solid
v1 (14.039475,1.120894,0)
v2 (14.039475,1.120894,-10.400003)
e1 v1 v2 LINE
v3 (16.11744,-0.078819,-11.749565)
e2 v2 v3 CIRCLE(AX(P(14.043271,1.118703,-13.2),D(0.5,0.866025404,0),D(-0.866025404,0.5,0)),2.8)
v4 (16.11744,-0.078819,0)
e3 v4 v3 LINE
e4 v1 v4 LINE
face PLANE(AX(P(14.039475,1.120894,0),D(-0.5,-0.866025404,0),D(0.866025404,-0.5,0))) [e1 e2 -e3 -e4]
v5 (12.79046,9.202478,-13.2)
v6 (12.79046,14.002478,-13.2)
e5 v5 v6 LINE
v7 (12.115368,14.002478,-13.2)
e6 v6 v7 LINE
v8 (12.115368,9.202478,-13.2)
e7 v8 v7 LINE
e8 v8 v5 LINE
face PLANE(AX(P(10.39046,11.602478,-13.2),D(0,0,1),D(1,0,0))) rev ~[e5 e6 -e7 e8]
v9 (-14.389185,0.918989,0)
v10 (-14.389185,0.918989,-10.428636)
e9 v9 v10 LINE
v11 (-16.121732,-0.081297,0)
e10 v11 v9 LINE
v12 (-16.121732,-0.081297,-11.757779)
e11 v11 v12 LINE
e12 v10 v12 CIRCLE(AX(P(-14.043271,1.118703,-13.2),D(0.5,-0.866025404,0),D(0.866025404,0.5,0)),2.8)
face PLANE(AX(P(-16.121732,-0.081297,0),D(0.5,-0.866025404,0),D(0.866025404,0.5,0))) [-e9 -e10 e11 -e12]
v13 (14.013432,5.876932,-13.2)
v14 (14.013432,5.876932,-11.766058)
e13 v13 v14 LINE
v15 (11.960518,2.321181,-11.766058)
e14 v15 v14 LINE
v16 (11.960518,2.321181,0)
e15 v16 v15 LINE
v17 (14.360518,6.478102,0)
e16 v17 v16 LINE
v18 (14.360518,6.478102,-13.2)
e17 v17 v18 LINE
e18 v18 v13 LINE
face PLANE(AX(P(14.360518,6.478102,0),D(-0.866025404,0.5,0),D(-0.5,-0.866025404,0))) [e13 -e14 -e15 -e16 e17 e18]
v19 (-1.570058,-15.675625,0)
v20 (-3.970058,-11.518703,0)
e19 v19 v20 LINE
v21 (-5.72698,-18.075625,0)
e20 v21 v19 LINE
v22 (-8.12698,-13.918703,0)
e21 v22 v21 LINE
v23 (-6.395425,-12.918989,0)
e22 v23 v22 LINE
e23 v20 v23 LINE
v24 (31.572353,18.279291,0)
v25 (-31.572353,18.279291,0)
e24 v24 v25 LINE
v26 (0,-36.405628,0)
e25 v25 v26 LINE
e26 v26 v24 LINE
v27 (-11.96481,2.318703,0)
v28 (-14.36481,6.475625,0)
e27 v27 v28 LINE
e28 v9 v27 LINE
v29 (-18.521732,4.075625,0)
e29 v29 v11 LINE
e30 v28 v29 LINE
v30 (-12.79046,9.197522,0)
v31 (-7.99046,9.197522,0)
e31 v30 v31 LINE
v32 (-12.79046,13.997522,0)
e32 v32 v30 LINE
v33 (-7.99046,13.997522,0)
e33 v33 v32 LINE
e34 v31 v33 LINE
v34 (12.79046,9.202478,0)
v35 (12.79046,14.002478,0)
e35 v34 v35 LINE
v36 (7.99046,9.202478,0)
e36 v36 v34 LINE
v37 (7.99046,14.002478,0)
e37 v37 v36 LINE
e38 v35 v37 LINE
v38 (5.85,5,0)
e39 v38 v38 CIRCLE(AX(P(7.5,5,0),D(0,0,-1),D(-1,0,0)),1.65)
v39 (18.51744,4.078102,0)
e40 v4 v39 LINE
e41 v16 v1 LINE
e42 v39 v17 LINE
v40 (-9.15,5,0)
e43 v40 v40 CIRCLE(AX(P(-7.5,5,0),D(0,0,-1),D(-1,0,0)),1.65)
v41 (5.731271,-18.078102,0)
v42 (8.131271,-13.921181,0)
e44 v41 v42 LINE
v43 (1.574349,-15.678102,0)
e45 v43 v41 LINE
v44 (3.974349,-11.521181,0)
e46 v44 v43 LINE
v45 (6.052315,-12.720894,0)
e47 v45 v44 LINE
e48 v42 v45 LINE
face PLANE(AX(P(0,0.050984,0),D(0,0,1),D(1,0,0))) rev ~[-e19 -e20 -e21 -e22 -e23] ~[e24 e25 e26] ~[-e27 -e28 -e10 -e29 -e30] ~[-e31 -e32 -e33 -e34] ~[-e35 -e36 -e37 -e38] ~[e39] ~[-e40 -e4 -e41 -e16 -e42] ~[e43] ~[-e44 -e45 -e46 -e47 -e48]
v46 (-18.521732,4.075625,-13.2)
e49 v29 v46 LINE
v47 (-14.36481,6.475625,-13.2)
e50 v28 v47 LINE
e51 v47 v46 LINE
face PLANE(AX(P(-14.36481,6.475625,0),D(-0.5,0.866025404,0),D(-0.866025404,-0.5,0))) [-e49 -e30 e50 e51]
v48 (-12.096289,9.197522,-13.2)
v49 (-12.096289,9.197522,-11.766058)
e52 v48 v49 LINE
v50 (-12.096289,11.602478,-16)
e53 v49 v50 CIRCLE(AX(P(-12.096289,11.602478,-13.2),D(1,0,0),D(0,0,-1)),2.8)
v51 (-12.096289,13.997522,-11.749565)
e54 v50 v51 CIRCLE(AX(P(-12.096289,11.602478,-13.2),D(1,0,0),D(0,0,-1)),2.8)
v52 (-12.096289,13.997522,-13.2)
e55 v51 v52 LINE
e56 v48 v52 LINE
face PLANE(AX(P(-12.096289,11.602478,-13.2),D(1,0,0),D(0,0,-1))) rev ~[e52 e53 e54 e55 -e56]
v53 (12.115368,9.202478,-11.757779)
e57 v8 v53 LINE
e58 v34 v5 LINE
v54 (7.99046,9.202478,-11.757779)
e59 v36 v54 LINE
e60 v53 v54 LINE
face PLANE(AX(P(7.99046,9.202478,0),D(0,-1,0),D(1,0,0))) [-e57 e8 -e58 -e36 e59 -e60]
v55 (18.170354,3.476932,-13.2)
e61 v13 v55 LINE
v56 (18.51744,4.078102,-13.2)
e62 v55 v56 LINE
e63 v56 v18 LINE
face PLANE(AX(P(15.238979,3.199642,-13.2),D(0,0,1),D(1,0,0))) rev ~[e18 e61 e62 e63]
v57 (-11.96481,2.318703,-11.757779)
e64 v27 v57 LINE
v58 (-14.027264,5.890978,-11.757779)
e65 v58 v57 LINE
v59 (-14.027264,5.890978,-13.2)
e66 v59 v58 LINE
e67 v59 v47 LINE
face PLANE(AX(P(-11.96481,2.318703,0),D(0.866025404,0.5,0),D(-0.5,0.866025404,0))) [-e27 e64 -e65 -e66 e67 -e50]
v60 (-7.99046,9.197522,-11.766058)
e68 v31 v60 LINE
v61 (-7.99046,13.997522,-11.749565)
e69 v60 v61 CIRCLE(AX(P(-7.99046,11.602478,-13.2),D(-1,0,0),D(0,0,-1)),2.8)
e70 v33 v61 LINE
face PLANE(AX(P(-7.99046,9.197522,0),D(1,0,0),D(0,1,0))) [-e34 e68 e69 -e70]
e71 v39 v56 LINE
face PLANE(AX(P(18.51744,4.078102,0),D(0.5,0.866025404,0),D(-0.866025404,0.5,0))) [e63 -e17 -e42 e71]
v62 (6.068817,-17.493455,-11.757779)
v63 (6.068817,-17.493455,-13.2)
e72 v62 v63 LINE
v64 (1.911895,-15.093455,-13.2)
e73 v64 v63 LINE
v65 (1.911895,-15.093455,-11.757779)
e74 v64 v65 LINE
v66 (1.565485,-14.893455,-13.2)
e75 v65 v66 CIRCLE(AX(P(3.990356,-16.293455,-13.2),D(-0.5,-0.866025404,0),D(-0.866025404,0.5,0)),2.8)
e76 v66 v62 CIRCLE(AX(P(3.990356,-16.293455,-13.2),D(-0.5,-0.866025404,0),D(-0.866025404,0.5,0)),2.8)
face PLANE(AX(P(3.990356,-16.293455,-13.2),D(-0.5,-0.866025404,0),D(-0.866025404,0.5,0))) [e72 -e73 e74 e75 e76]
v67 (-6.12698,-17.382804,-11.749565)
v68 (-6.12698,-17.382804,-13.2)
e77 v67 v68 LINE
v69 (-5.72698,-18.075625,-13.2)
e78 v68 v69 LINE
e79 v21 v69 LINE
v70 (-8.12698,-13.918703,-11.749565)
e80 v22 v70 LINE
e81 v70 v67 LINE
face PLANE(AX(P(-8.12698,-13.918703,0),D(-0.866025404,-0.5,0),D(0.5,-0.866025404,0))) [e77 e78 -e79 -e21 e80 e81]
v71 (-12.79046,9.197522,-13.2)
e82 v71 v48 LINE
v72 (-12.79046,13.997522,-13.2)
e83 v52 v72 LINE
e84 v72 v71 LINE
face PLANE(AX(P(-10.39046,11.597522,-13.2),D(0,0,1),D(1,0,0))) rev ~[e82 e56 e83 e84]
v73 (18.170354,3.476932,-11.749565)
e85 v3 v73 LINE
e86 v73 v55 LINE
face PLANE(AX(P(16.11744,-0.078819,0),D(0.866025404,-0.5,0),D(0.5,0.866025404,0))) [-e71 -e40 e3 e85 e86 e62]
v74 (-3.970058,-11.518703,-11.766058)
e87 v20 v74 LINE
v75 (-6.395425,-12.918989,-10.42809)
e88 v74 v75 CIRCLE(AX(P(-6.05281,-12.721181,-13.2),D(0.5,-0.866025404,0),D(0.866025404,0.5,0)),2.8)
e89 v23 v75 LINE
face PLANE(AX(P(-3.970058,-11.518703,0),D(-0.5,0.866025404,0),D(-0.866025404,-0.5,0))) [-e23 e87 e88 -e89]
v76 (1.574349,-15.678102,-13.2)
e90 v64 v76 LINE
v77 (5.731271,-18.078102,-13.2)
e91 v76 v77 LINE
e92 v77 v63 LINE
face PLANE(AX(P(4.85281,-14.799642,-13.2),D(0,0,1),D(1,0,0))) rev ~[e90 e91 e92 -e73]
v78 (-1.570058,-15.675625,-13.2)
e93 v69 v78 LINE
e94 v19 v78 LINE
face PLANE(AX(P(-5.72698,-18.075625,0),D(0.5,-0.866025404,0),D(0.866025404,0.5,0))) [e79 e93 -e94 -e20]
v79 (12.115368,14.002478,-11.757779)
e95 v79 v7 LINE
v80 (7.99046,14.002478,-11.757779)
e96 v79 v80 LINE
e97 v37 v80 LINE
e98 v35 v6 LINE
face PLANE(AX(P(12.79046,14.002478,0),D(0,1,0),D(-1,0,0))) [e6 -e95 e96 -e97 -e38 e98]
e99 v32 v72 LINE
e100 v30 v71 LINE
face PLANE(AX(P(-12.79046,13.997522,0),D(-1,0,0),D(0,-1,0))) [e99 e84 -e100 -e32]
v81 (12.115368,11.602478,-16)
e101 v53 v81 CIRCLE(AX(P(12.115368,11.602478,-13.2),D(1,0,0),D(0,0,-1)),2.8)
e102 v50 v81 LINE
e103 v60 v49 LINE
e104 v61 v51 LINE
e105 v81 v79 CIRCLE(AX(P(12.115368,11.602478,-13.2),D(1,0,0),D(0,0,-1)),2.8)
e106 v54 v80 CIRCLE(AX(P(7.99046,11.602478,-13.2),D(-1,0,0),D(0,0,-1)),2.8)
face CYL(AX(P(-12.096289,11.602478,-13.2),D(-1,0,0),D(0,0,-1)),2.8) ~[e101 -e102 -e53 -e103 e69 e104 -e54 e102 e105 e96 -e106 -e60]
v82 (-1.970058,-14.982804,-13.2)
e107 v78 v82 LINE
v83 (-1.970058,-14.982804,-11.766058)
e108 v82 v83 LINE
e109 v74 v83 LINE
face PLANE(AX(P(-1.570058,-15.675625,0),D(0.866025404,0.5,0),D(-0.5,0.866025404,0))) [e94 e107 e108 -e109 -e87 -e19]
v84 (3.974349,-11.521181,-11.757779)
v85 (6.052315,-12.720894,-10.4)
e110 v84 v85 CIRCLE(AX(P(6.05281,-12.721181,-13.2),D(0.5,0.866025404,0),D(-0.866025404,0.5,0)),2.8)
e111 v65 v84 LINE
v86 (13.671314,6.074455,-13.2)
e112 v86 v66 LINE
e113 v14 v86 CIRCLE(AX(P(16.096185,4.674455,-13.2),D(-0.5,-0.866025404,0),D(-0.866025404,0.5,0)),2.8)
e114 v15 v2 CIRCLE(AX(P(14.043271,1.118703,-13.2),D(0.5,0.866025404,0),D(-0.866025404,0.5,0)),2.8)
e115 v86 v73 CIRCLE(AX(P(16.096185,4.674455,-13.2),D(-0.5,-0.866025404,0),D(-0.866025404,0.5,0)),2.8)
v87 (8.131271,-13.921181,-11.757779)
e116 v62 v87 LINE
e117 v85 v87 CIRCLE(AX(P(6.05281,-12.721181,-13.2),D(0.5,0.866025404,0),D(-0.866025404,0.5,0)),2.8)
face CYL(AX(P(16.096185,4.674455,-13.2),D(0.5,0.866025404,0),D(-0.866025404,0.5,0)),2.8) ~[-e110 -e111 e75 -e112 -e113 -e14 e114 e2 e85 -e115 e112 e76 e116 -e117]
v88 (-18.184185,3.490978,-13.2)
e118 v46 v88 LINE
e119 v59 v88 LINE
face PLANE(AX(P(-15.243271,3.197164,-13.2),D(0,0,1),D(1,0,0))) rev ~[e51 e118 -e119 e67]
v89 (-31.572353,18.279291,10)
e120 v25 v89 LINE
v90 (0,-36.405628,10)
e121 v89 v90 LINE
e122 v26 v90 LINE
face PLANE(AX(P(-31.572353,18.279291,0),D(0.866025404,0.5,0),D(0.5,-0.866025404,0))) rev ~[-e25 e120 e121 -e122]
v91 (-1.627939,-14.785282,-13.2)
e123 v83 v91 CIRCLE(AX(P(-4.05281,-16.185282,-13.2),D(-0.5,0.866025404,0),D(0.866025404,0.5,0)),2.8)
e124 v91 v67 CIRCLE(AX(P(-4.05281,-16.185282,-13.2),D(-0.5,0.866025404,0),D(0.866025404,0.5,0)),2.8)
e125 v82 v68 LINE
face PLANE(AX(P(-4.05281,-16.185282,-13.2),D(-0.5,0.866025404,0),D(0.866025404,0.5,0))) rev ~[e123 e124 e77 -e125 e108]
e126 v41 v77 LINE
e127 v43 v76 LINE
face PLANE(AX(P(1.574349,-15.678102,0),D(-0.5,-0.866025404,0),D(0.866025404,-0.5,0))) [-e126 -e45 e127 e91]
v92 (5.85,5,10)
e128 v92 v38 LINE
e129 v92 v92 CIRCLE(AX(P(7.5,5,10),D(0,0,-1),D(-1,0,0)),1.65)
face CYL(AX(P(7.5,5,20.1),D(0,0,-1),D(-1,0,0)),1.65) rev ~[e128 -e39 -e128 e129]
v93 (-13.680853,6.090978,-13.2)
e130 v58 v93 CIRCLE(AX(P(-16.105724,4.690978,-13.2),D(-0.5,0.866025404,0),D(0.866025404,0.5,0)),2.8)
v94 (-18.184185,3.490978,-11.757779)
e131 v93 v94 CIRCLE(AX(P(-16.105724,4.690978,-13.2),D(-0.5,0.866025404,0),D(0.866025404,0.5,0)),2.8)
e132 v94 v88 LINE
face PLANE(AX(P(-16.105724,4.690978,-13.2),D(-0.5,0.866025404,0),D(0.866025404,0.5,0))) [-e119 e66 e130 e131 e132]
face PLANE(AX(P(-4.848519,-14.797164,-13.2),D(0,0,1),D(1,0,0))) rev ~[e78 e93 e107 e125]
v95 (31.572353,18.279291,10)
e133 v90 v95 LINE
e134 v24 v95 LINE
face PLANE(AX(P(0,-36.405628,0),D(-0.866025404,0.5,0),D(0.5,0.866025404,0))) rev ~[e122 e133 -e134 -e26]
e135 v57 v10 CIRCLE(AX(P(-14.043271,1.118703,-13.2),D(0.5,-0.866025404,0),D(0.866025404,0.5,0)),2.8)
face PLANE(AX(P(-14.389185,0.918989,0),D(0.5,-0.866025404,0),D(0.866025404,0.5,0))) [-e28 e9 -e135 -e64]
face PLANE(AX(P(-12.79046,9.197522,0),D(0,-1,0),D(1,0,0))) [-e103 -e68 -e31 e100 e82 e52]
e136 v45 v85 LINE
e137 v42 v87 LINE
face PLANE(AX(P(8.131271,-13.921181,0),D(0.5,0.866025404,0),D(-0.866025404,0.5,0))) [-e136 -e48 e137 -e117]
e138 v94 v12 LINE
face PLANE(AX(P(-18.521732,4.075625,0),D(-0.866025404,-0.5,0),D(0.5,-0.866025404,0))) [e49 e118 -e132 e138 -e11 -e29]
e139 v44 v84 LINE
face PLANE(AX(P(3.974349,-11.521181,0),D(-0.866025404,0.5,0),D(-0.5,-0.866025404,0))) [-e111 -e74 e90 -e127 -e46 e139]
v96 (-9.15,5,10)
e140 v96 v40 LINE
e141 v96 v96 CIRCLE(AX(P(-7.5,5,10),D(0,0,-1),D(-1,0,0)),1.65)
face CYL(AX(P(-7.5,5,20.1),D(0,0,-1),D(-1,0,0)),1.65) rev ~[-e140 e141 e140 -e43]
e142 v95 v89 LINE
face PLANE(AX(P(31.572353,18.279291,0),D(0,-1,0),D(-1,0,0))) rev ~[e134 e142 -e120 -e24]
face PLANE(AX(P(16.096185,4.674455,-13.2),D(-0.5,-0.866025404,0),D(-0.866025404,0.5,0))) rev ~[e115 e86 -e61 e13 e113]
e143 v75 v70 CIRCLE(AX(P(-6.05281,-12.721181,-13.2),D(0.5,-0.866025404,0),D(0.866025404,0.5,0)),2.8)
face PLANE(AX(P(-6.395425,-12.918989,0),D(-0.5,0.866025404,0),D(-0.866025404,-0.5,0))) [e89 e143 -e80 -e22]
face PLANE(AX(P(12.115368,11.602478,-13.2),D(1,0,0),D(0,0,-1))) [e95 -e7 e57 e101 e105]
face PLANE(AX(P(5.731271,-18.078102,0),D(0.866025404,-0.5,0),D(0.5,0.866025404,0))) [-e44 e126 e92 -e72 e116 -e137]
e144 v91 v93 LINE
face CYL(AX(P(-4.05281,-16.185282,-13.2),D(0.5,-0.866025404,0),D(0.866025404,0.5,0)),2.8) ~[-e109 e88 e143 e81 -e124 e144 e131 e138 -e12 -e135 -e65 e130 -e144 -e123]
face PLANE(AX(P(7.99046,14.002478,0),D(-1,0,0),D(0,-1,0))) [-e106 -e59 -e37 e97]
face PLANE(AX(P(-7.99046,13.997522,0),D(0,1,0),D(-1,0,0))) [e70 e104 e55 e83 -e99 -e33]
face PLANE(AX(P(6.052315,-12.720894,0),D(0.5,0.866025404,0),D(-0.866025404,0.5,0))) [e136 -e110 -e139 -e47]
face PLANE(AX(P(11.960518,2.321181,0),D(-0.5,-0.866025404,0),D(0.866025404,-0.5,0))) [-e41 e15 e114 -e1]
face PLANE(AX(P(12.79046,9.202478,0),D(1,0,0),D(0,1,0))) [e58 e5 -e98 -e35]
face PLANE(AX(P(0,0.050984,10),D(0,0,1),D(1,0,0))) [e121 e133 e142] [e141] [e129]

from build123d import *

# Parameters (mm, degrees)
EXTRUDE_1_DEPTH        = 10
EXTRUDE_2_DEPTH        = 13.2
EXTRUDE_3_DEPTH        = 20.1058285
EXTRUDE_3_DEPTH_BACK   = 4
SKETCH_3_R             = 2.8
EXTRUDE_4_DEPTH        = 20.1058285
EXTRUDE_4_DEPTH_BACK   = 4.1058285
SKETCH_4_R             = 2.8
EXTRUDE_5_DEPTH        = 20.1058285
EXTRUDE_5_DEPTH_BACK   = 4.1058285
SKETCH_5_R             = 2.8
HOLE_WIZARD_M4_1_D     = 3.3
HOLE_WIZARD_M4_1_DEPTH = 10.1
HOLE_WIZARD_M4_1_TIP   = 0.991420021


with BuildPart() as part:
    # 草图1 → 凸台-拉伸1 (new body)
    with BuildSketch(Plane.XY):
        Polygon((-31.572352781, 18.279290669), (0, -36.405628463), (31.572352781, 18.279290669), align=None)
    extrude(amount=EXTRUDE_1_DEPTH)

    # 草图1<5> → 凸台-拉伸2 (add)
    with BuildSketch(Plane.XY):
        Polygon((11.960518161, 2.321180547), (14.039474758, 1.120894396), (16.117440099, -0.078819453), (18.517440099, 4.078102485), (14.360518161, 6.478102485), align=None)
        Polygon((-7.990460401, 9.197522296), (-7.990460401, 12.000572743), (-7.990460401, 13.997522296), (-12.790460401, 13.997522296), (-12.790460401, 9.197522296), align=None)
        Polygon((7.990460401, 14.002477704), (7.990460401, 12.004383545), (7.990460401, 9.202477704), (12.790460401, 9.202477704), (12.790460401, 14.002477704), align=None)
        Polygon((8.131271207, -13.921180547), (6.052314609, -12.720894396), (3.974349269, -11.521180547), (1.574349269, -15.678102485), (5.731271207, -18.078102485), align=None)
        Polygon((-3.97005776, -11.518702843), (-6.395424519, -12.918988994), (-8.126979698, -13.918702843), (-5.726979698, -18.075624781), (-1.57005776, -15.675624781), align=None)
        Polygon((-18.521731608, 4.075624781), (-16.121731608, -0.081297157), (-14.389185172, 0.918988994), (-11.96480967, 2.318702843), (-14.36480967, 6.475624781), align=None)
    extrude(amount=-EXTRUDE_2_DEPTH)

    # 草图3 → 凸台-拉伸3 (add, two sides: drawn at the far end of the back side and taken through both)
    with BuildSketch(Plane(origin=(3.9952302, -6.919941695, 0), x_dir=(0.8660254037844364, 0.5000000000000041, 0), z_dir=(-0.500000000000004, 0.8660254037844363, 0)).offset(-EXTRUDE_3_DEPTH_BACK)):
        with Locations((-11.602477704, 13.2)):
            Circle(SKETCH_3_R)
    extrude(amount=EXTRUDE_3_DEPTH + EXTRUDE_3_DEPTH_BACK)

    # 草图4 → 凸台-拉伸4 (add, two sides: drawn at the far end of the back side and taken through both)
    with BuildSketch(Plane(origin=(-7.990460401, 0, 0), x_dir=(0, 0, -1), z_dir=(1, 0, 0)).offset(-EXTRUDE_4_DEPTH_BACK)):
        with Locations((13.2, 11.602477704)):
            Circle(SKETCH_4_R)
    extrude(amount=EXTRUDE_4_DEPTH + EXTRUDE_4_DEPTH_BACK)

    # 草图5 → 凸台-拉伸5 (add, two sides: drawn at the far end of the back side and taken through both)
    with BuildSketch(Plane(origin=(3.9952302, 6.919941695, 0), x_dir=(-0.8660254037844365, 0.5000000000000039, 0), z_dir=(-0.5000000000000038, -0.8660254037844364, 0)).offset(-EXTRUDE_5_DEPTH_BACK)):
        with Locations((-11.602477704, 13.2)):
            Circle(SKETCH_5_R)
    extrude(amount=EXTRUDE_5_DEPTH + EXTRUDE_5_DEPTH_BACK)

    # M4 螺纹孔1
    with Locations(Plane.XY.offset(10)):
        with Locations((7.5, 5), (-7.5, 5)):
            Hole(HOLE_WIZARD_M4_1_D / 2, depth=HOLE_WIZARD_M4_1_DEPTH)
            with Locations((0, 0, -(HOLE_WIZARD_M4_1_DEPTH + HOLE_WIZARD_M4_1_TIP / 2))):  # 118° drill point
                Cone(0, HOLE_WIZARD_M4_1_D / 2, HOLE_WIZARD_M4_1_TIP, mode=Mode.SUBTRACT)


solid = part.part
